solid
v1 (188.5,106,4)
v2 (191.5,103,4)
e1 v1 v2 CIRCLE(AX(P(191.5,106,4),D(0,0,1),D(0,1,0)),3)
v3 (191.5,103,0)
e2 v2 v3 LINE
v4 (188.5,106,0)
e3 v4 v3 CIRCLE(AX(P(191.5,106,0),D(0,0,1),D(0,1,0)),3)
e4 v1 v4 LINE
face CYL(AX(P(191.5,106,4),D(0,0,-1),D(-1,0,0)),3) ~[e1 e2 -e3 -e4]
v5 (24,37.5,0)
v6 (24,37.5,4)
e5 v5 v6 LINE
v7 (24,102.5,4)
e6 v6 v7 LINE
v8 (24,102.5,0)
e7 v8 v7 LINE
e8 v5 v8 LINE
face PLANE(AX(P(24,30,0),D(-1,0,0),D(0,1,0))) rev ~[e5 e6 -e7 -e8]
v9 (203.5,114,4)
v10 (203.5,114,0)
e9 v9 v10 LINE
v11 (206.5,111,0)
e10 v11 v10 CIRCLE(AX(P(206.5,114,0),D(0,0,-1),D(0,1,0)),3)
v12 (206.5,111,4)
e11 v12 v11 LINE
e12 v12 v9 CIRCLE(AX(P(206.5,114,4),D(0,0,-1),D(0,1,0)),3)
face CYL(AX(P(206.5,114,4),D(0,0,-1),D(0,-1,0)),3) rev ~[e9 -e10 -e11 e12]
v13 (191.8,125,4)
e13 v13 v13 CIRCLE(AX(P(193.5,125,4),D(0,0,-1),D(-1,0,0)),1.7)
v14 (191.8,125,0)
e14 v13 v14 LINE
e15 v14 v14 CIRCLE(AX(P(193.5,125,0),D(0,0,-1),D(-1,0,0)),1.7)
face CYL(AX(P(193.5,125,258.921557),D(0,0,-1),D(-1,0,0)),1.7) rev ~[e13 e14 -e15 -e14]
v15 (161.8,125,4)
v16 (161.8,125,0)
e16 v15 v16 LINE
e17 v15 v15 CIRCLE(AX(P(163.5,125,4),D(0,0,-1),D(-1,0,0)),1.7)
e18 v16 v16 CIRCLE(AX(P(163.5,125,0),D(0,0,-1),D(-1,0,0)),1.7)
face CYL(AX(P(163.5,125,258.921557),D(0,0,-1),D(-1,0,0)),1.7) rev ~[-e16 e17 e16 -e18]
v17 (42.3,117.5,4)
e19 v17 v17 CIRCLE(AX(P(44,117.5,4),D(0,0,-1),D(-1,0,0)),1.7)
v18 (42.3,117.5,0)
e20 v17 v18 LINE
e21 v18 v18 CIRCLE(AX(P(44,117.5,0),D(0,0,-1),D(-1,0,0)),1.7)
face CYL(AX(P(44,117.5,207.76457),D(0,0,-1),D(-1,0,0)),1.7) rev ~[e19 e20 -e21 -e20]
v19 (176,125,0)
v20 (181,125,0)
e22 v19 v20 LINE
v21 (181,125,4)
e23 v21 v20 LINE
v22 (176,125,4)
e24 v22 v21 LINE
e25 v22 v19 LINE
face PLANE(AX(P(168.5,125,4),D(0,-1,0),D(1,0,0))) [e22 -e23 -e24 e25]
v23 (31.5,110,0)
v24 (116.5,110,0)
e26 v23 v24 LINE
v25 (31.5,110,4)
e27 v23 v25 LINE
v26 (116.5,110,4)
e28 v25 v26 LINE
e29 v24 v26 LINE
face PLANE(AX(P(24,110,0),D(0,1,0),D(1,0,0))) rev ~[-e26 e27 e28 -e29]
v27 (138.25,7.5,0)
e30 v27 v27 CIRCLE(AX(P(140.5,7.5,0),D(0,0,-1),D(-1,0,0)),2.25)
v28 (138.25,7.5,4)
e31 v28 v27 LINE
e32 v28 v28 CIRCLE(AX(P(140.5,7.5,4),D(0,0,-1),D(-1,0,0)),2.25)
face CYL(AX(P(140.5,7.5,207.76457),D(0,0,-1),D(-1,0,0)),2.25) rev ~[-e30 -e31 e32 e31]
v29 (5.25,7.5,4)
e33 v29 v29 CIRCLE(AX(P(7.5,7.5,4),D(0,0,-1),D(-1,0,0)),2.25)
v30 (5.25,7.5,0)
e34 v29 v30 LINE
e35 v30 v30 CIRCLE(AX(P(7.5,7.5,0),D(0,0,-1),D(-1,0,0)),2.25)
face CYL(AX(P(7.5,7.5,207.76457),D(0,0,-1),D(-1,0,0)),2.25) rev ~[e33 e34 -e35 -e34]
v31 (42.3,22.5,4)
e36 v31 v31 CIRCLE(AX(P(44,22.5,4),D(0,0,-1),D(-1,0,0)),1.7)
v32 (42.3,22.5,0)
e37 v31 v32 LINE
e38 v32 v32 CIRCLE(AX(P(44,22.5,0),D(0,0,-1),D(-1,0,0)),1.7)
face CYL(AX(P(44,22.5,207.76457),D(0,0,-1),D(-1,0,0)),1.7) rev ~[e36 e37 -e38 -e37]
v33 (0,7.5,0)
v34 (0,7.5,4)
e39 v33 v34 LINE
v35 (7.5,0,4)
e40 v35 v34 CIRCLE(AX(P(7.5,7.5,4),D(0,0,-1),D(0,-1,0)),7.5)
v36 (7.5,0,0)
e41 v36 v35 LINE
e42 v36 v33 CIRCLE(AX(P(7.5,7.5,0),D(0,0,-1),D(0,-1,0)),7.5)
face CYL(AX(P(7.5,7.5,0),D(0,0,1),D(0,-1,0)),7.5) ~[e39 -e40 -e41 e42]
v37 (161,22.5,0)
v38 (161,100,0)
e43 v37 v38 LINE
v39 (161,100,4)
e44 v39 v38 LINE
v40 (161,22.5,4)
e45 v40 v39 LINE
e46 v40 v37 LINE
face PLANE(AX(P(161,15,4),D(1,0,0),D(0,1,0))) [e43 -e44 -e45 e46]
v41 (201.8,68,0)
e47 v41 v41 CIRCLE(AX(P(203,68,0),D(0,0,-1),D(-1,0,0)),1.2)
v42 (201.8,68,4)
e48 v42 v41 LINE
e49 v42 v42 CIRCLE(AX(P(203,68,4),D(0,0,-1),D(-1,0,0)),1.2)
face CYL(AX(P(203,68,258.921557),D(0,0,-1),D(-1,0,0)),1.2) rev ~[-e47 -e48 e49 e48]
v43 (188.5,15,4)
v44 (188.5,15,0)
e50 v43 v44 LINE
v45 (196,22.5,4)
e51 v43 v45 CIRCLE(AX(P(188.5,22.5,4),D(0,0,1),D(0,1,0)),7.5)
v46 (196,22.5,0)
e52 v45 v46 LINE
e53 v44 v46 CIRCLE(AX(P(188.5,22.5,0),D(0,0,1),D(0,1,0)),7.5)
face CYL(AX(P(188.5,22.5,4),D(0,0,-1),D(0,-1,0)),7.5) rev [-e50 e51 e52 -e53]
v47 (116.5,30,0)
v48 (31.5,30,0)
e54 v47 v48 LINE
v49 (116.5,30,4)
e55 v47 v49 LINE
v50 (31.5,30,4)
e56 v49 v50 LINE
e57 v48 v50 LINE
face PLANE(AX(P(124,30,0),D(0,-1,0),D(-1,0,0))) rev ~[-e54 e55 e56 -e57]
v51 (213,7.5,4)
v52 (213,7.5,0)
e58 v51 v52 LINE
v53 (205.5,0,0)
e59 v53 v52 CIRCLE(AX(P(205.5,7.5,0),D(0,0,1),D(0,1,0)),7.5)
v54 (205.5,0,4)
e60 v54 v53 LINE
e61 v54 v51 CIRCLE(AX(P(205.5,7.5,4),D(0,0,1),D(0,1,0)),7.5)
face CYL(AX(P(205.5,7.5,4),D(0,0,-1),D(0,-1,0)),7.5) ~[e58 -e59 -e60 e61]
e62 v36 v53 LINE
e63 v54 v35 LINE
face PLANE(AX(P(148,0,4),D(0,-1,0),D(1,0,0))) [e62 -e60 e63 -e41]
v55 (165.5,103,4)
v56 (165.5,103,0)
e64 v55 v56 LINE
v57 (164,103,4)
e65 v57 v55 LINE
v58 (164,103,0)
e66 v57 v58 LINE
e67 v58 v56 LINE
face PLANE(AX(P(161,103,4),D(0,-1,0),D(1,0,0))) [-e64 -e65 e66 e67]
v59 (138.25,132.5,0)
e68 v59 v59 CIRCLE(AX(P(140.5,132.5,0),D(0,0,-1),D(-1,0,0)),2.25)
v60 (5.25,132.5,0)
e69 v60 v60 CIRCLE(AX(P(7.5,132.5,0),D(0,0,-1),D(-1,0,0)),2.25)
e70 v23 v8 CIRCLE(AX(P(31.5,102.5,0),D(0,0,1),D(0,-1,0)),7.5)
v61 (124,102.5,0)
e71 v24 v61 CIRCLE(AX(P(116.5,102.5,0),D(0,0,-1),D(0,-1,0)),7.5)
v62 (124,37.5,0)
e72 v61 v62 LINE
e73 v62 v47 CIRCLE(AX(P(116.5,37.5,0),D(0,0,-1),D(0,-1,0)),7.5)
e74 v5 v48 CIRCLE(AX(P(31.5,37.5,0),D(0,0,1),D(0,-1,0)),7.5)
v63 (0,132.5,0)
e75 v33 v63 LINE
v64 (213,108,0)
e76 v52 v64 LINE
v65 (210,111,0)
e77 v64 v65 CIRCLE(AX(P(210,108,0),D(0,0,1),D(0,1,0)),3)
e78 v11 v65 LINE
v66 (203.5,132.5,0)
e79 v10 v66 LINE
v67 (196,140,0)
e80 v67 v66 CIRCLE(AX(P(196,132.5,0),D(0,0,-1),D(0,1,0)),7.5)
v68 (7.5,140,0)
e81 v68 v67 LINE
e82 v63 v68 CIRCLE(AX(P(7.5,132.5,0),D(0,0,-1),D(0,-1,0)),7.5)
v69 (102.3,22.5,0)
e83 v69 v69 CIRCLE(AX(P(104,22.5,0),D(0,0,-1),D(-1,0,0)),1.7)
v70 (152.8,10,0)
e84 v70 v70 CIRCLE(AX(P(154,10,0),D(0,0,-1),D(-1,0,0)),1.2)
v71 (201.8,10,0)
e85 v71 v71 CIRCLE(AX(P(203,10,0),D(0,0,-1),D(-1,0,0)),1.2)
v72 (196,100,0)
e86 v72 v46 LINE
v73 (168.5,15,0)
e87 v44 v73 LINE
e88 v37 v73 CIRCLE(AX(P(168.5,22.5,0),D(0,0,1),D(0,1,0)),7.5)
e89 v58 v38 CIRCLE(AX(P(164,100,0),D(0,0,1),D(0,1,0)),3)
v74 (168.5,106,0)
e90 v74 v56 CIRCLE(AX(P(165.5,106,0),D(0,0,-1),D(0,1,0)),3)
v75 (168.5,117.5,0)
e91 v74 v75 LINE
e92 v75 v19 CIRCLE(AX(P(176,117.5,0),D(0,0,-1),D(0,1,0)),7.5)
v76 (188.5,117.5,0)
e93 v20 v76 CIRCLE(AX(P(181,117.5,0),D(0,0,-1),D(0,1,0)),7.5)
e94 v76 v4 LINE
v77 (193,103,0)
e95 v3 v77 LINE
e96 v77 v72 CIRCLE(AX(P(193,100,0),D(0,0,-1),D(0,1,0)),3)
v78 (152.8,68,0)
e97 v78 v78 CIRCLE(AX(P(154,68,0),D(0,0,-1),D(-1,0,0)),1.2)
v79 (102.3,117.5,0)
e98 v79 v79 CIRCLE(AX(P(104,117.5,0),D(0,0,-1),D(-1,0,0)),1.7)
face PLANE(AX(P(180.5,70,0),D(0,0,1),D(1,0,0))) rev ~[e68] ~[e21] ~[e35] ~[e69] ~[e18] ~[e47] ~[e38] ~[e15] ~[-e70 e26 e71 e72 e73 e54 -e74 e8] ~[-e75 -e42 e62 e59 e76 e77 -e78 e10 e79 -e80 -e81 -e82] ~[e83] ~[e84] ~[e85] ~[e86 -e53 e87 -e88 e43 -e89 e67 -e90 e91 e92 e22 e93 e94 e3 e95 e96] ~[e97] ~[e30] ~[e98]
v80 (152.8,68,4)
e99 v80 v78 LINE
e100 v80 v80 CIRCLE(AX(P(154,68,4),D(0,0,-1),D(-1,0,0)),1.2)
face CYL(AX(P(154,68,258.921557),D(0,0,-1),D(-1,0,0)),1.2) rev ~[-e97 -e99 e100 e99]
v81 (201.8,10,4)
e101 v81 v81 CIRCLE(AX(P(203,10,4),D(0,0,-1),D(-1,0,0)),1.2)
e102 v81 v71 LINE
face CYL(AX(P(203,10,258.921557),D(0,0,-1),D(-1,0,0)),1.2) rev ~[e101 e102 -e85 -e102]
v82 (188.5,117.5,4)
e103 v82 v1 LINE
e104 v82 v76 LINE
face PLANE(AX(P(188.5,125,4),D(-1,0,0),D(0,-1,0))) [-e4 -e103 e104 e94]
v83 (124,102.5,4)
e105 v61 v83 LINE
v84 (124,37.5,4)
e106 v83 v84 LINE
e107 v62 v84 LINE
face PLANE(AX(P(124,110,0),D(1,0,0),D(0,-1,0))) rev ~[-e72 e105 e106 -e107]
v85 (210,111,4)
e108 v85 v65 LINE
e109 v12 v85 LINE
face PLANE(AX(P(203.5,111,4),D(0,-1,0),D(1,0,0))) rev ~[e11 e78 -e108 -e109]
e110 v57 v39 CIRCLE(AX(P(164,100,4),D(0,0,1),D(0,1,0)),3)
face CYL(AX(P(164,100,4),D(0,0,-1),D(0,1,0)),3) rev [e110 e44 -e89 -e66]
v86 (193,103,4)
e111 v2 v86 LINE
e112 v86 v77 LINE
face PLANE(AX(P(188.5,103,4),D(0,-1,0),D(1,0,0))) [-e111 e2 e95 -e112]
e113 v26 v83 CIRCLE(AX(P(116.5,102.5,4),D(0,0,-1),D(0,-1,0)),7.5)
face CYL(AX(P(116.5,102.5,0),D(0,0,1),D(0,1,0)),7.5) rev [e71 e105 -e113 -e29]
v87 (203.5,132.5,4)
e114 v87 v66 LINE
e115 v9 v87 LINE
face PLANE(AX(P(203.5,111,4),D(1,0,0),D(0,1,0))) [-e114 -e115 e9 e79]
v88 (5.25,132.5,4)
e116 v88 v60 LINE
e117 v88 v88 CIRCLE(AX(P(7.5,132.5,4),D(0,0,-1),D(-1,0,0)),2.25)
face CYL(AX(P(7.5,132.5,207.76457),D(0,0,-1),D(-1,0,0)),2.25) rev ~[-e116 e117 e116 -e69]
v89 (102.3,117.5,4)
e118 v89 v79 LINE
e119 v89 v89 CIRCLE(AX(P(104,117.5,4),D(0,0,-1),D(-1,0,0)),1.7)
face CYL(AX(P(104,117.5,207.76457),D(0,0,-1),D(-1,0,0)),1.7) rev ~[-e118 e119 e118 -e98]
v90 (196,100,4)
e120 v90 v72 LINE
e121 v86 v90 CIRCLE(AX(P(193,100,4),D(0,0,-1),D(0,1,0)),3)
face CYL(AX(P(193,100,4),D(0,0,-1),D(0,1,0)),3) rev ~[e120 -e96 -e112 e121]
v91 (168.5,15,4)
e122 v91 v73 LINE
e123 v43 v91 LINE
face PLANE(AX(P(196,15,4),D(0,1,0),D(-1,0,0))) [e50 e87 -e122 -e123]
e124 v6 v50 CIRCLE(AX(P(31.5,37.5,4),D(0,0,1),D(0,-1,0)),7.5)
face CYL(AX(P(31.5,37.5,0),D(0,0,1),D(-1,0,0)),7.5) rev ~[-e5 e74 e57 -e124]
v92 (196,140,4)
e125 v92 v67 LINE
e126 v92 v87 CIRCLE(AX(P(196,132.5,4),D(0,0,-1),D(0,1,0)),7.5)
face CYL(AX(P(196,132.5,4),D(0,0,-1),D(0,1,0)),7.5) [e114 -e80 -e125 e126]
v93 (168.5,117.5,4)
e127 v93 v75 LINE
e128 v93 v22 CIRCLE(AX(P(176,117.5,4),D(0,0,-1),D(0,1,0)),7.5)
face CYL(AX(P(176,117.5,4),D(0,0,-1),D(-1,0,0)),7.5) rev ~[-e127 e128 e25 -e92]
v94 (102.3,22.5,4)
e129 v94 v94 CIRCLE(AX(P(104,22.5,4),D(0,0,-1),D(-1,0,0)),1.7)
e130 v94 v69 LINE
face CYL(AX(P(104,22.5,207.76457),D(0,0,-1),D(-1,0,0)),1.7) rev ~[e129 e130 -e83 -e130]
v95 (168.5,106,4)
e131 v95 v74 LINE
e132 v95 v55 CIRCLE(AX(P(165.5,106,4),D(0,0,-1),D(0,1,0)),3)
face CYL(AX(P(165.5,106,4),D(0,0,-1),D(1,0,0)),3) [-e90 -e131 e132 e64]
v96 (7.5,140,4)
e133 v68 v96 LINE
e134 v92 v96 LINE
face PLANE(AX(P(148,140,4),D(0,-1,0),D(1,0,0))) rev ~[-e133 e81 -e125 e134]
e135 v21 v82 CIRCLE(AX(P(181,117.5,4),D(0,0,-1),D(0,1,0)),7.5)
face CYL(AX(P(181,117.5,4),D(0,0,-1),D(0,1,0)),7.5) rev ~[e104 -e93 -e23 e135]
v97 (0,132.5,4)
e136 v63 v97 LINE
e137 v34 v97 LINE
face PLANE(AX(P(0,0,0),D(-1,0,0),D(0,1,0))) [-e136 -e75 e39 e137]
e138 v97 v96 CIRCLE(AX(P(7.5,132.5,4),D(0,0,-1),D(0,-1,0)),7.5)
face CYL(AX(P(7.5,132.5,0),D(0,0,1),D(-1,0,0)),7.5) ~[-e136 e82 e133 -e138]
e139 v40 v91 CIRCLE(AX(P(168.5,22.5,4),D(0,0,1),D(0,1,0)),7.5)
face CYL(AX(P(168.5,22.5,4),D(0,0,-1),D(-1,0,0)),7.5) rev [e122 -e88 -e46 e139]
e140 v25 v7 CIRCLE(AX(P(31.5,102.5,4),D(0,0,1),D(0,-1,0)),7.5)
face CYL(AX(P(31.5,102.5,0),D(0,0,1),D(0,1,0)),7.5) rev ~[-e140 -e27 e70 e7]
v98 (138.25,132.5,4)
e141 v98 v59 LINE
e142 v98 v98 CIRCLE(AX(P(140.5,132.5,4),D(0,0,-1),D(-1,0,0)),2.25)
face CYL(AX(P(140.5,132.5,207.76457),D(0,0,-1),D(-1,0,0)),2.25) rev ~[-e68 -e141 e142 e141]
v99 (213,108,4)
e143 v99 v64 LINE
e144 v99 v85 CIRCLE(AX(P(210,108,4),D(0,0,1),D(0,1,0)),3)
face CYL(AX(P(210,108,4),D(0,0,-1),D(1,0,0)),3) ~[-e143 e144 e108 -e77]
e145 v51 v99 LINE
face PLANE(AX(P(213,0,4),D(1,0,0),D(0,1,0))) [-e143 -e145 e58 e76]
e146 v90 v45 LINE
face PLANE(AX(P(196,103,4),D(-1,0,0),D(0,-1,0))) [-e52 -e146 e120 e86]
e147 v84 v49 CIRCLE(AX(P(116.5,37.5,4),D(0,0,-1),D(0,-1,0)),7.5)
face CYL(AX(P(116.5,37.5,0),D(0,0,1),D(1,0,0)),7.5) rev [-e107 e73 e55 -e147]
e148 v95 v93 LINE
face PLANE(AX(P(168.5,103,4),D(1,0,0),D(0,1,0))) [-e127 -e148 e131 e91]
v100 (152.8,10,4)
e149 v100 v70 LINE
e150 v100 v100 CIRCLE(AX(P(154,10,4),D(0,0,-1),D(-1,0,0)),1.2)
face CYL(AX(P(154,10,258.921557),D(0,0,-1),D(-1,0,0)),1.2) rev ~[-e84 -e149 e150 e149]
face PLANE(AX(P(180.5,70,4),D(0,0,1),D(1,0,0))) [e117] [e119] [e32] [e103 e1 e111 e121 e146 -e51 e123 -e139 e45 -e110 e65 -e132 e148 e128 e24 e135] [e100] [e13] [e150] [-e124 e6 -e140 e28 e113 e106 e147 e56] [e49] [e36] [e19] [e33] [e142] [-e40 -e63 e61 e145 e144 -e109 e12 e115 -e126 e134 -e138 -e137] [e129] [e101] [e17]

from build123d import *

# Parameters (mm, degrees)
SKETCH_1_W          = 140
SKETCH_1_H          = 148
EXTRUDE_1_DEPTH     = 4
HOLE_WIZARD_M4_1_D  = 4.5
HOLE_WIZARD_M3_2_D  = 3.4
SKETCH_9_W          = 65
SKETCH_9_H          = 140
EXTRUDE_3_DEPTH     = 4
HOLE_WIZARD_M2_1_D  = 2.4
SKETCH_13_W         = 9.5
SKETCH_13_H         = 29
CUT_EXTRUDE_1_DEPTH = 5
HOLE_WIZARD_M3_1_D  = 3.4
FILLET_12_R         = 7.5
FILLET_11_R         = 3


with BuildPart() as part:
    # ｽｹｯﾁ1 → ﾎﾞｽ - 押し出し1 (new body)
    with BuildSketch(Plane(origin=(0, 0, 0), x_dir=(0, 1, 0), z_dir=(0, 0, 1))):
        with Locations((70, -74)):
            Rectangle(SKETCH_1_W, SKETCH_1_H)
        Polygon((110, -124), (30, -124), (30, -74), (30, -24), (110, -24), align=None, mode=Mode.SUBTRACT)
    extrude(amount=EXTRUDE_1_DEPTH)

    # M4 すきま穴1 (through all)
    with Locations(Plane.XY.offset(4)):
        with Locations((7.5, 132.5), (140.5, 132.5), (7.5, 7.5), (140.5, 7.5)):
            Hole(HOLE_WIZARD_M4_1_D / 2)

    # M3 すきま穴2 (through all)
    with Locations(Plane.XY.offset(4)):
        with Locations((44, 117.5), (104, 117.5), (104, 22.5), (44, 22.5)):
            Hole(HOLE_WIZARD_M3_2_D / 2)

    # ｽｹｯﾁ9 → ﾎﾞｽ - 押し出し3 (add)
    with BuildSketch(Plane.XY.offset(4)):
        with Locations((180.5, 70)):
            Rectangle(SKETCH_9_W, SKETCH_9_H)
    extrude(amount=-EXTRUDE_3_DEPTH)

    # M2 すきま穴1 (through all)
    with Locations(Plane.XY.offset(4)):
        with Locations((203, 10), (154, 68), (203, 68), (154, 10)):
            Hole(HOLE_WIZARD_M2_1_D / 2)

    # ｽｹｯﾁ13 → ｶｯﾄ - 押し出し1 (cut, through all)
    with BuildSketch(Plane.XY.offset(4)):
        Polygon((168.5, 125), (188.5, 125), (188.5, 103), (196, 103), (196, 15), (161, 15), (161, 103), (168.5, 103), align=None)
        with Locations((208.25, 125.5)):
            Rectangle(SKETCH_13_W, SKETCH_13_H)
    extrude(amount=-CUT_EXTRUDE_1_DEPTH, mode=Mode.SUBTRACT)

    # M3 すきま穴1 (through all)
    with Locations(Plane.XY.offset(4)):
        with Locations((163.5, 125), (193.5, 125)):
            Hole(HOLE_WIZARD_M3_1_D / 2)

    # ﾌｨﾚｯﾄ12
    fillet_12_edges = [part.edges().sort_by_distance(p)[0] for p in [
        (168.5, 125, 2),
        (188.5, 125, 2),
        (196, 15, 2),
        (161, 15, 2),
        (203.5, 140, 2),
        (24, 30, 2),
        (124, 30, 2),
        (124, 110, 2),
        (24, 110, 2),
        (213, 0, 2),
        (0, 0, 2),
        (0, 140, 2),
    ]]
    fillet(fillet_12_edges, radius=FILLET_12_R)

    # ﾌｨﾚｯﾄ11
    fillet_11_edges = [part.edges().sort_by_distance(p)[0] for p in [
        (168.5, 103, 2),
        (188.5, 103, 2),
        (196, 103, 2),
        (161, 103, 2),
        (213, 111, 2),
        (203.5, 111, 2),
    ]]
    fillet(fillet_11_edges, radius=FILLET_11_R)


solid = part.part
